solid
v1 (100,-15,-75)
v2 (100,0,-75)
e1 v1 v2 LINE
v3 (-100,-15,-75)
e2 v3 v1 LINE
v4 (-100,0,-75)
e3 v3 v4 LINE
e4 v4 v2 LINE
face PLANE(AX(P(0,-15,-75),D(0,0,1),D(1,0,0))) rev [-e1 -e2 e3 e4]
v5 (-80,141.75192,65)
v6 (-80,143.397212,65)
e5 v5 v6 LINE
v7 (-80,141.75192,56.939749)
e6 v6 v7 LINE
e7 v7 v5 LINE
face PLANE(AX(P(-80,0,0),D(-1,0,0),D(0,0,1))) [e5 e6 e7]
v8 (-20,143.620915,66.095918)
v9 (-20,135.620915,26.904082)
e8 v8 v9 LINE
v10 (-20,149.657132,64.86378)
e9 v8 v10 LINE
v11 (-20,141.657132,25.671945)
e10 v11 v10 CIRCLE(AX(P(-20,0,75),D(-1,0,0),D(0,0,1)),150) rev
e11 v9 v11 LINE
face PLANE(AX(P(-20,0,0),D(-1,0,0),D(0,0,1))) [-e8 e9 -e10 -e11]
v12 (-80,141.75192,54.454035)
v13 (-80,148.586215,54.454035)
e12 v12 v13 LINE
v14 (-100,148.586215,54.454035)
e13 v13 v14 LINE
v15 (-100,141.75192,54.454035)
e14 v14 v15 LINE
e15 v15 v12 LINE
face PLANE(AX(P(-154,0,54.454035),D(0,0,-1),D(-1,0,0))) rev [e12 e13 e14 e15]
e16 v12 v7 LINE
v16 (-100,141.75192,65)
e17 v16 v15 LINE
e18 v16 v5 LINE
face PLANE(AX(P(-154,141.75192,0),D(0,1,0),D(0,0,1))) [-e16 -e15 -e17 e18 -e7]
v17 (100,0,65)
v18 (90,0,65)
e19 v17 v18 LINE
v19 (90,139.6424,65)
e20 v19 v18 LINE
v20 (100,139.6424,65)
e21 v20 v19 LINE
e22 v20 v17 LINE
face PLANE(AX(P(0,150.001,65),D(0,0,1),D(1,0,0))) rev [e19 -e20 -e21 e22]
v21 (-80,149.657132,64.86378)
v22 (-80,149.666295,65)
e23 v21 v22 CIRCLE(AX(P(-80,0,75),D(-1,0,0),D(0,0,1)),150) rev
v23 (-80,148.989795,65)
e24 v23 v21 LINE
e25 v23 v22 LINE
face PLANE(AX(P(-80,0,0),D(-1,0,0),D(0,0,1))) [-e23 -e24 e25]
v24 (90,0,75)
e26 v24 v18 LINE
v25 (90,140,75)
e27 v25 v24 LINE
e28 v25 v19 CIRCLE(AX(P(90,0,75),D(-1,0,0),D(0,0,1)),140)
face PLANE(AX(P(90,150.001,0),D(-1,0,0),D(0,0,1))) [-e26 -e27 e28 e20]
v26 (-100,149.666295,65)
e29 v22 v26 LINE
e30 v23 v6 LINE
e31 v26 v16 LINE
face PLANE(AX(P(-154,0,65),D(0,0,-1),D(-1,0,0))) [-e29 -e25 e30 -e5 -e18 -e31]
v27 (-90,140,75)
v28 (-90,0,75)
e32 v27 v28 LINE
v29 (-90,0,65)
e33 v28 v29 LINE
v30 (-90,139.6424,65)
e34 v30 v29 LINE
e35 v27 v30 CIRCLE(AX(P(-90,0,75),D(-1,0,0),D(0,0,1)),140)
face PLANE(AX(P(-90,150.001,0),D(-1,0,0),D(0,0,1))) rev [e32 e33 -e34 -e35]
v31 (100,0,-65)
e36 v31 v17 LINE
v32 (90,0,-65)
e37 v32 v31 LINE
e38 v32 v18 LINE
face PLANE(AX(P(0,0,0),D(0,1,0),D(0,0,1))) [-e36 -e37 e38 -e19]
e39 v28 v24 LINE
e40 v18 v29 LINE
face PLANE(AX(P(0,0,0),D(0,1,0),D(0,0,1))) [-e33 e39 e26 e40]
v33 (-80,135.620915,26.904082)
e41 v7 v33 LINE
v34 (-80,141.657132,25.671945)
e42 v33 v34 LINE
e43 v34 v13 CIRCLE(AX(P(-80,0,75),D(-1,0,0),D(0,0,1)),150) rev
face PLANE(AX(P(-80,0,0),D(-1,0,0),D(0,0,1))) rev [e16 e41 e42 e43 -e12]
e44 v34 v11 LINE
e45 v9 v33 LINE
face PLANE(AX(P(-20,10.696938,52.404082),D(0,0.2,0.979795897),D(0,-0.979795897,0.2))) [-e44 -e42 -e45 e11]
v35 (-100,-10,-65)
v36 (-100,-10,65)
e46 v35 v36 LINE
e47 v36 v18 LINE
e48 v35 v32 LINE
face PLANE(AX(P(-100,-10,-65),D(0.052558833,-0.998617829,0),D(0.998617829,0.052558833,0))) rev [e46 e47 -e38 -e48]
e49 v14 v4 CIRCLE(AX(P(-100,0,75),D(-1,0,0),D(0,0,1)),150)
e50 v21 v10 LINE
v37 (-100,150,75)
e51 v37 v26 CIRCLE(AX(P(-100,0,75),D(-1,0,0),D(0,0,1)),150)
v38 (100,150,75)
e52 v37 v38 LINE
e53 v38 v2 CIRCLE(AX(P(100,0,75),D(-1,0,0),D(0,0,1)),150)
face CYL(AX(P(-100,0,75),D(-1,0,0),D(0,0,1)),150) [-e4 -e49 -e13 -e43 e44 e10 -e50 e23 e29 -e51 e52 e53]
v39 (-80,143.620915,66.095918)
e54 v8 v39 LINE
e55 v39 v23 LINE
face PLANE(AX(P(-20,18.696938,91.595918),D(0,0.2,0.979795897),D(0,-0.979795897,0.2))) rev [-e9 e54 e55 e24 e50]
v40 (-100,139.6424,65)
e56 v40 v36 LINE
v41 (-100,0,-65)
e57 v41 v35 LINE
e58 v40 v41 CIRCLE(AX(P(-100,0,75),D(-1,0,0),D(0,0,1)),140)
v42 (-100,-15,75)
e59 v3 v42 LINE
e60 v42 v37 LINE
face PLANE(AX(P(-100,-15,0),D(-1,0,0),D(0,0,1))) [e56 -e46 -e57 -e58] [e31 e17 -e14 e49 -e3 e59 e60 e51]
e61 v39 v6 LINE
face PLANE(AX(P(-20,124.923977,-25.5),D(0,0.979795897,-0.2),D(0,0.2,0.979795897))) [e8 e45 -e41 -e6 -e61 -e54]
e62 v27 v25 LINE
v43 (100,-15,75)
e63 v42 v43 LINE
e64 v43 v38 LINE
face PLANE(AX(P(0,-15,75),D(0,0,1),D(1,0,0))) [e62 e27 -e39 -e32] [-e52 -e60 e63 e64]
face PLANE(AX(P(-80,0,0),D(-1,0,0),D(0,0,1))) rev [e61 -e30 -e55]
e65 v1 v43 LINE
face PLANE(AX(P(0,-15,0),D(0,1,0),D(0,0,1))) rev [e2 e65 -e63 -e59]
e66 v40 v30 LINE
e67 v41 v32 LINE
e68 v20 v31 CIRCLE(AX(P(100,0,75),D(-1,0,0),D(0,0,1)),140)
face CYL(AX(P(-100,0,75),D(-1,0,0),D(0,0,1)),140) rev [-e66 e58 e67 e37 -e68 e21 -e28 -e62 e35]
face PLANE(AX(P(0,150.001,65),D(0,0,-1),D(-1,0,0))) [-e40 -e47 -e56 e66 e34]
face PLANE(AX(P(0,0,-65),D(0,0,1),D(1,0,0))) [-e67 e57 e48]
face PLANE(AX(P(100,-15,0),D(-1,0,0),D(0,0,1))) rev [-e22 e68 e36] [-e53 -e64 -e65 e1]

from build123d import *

# Parameters (mm, degrees)
SKETCH1_W                = 200
SKETCH1_H                = 150
BOSS_EXTRUDE1_DEPTH      = 15
SKETCH1_5_W              = 200
SKETCH1_5_H              = 10
REVOLVE1_ANGLE           = 90
BOSS_EXTRUDE3_REACH      = 197.256
BOSS_EXTRUDE3_END_RADIUS = 140
SKETCH1_6_W              = 10
SKETCH1_6_H              = 10
CUT_EXTRUDE1_DEPTH       = 130
CUT_EXTRUDE2_DEPTH       = 60
SKETCH7_W                = 10.545965087
SKETCH7_H                = 8.248079899
CUT_EXTRUDE5_DEPTH       = 74


with BuildPart() as part:
    # Sketch1 → Boss-Extrude1 (new body)
    with BuildSketch(Plane(origin=(0, 0, 0), x_dir=(1, 0, 0), z_dir=(0, 1, 0))):
        Rectangle(SKETCH1_W, SKETCH1_H)
    extrude(amount=-BOSS_EXTRUDE1_DEPTH)

    # Sketch1<5> → Revolve1 (revolve)
    with BuildSketch(Plane(origin=(0, 0, 0), x_dir=(1, 0, 0), z_dir=(0, 1, 0))):
        with Locations((0, 70)):
            Rectangle(SKETCH1_5_W, SKETCH1_5_H)
    revolve(axis=Axis((-100, 0, 75), (1, 0, 0)), revolution_arc=REVOLVE1_ANGLE)

    # Boss-Extrude3: up to this cylinder (the profile starts inside it)
    boss_extrude3_end = Plane(origin=(0, 0, 75), z_dir=(-1, 0, 0)) * Cylinder(BOSS_EXTRUDE3_END_RADIUS, 865.512, mode=Mode.PRIVATE)
    # Sketch1<6> → Boss-Extrude3 (add, up to the surface)
    with BuildSketch(Plane(origin=(0, 0, 0), x_dir=(1, 0, 0), z_dir=(0, 1, 0)), mode=Mode.PRIVATE) as boss_extrude3_sk1:
        with Locations((-95, -70)):
            Rectangle(SKETCH1_6_W, SKETCH1_6_H)
    boss_extrude3_tool1 = extrude(boss_extrude3_sk1.sketch, amount=BOSS_EXTRUDE3_REACH, mode=Mode.PRIVATE) & boss_extrude3_end
    add(boss_extrude3_tool1.solids().sort_by_distance((-95, 0, 70))[0])
    # Sketch1<6> → Boss-Extrude3 (add, up to the surface)
    with BuildSketch(Plane(origin=(0, 0, 0), x_dir=(1, 0, 0), z_dir=(0, 1, 0)), mode=Mode.PRIVATE) as boss_extrude3_sk2:
        with Locations((95, -70)):
            Rectangle(SKETCH1_6_W, SKETCH1_6_H)
    boss_extrude3_tool2 = extrude(boss_extrude3_sk2.sketch, amount=BOSS_EXTRUDE3_REACH, mode=Mode.PRIVATE) & boss_extrude3_end
    add(boss_extrude3_tool2.solids().sort_by_distance((95, 0, 70))[0])

    # Sketch4 → Cut-Extrude1 (cut)
    with BuildSketch(Plane.XY.offset(65)):
        Polygon((-100, -10), (90, 0), (-100, 0), align=None)
    extrude(amount=-CUT_EXTRUDE1_DEPTH, mode=Mode.SUBTRACT)

    # Sketch5 → Cut-Extrude2 (cut)
    with BuildSketch(Plane.ZY.offset(80)):
        Polygon((66.095917942, 143.620915339), (26.904082058, 135.620915339), (21.904082058, 160.115812766), (61.095917942, 168.115812766), align=None)
    extrude(amount=-CUT_EXTRUDE2_DEPTH, mode=Mode.SUBTRACT)

    # Sketch7 → Cut-Extrude5 (cut)
    with BuildSketch(Plane.ZY.offset(80)):
        with Locations((59.727017457, 145.87596005)):
            Rectangle(SKETCH7_W, SKETCH7_H)
    extrude(amount=CUT_EXTRUDE5_DEPTH, mode=Mode.SUBTRACT)


solid = part.part
